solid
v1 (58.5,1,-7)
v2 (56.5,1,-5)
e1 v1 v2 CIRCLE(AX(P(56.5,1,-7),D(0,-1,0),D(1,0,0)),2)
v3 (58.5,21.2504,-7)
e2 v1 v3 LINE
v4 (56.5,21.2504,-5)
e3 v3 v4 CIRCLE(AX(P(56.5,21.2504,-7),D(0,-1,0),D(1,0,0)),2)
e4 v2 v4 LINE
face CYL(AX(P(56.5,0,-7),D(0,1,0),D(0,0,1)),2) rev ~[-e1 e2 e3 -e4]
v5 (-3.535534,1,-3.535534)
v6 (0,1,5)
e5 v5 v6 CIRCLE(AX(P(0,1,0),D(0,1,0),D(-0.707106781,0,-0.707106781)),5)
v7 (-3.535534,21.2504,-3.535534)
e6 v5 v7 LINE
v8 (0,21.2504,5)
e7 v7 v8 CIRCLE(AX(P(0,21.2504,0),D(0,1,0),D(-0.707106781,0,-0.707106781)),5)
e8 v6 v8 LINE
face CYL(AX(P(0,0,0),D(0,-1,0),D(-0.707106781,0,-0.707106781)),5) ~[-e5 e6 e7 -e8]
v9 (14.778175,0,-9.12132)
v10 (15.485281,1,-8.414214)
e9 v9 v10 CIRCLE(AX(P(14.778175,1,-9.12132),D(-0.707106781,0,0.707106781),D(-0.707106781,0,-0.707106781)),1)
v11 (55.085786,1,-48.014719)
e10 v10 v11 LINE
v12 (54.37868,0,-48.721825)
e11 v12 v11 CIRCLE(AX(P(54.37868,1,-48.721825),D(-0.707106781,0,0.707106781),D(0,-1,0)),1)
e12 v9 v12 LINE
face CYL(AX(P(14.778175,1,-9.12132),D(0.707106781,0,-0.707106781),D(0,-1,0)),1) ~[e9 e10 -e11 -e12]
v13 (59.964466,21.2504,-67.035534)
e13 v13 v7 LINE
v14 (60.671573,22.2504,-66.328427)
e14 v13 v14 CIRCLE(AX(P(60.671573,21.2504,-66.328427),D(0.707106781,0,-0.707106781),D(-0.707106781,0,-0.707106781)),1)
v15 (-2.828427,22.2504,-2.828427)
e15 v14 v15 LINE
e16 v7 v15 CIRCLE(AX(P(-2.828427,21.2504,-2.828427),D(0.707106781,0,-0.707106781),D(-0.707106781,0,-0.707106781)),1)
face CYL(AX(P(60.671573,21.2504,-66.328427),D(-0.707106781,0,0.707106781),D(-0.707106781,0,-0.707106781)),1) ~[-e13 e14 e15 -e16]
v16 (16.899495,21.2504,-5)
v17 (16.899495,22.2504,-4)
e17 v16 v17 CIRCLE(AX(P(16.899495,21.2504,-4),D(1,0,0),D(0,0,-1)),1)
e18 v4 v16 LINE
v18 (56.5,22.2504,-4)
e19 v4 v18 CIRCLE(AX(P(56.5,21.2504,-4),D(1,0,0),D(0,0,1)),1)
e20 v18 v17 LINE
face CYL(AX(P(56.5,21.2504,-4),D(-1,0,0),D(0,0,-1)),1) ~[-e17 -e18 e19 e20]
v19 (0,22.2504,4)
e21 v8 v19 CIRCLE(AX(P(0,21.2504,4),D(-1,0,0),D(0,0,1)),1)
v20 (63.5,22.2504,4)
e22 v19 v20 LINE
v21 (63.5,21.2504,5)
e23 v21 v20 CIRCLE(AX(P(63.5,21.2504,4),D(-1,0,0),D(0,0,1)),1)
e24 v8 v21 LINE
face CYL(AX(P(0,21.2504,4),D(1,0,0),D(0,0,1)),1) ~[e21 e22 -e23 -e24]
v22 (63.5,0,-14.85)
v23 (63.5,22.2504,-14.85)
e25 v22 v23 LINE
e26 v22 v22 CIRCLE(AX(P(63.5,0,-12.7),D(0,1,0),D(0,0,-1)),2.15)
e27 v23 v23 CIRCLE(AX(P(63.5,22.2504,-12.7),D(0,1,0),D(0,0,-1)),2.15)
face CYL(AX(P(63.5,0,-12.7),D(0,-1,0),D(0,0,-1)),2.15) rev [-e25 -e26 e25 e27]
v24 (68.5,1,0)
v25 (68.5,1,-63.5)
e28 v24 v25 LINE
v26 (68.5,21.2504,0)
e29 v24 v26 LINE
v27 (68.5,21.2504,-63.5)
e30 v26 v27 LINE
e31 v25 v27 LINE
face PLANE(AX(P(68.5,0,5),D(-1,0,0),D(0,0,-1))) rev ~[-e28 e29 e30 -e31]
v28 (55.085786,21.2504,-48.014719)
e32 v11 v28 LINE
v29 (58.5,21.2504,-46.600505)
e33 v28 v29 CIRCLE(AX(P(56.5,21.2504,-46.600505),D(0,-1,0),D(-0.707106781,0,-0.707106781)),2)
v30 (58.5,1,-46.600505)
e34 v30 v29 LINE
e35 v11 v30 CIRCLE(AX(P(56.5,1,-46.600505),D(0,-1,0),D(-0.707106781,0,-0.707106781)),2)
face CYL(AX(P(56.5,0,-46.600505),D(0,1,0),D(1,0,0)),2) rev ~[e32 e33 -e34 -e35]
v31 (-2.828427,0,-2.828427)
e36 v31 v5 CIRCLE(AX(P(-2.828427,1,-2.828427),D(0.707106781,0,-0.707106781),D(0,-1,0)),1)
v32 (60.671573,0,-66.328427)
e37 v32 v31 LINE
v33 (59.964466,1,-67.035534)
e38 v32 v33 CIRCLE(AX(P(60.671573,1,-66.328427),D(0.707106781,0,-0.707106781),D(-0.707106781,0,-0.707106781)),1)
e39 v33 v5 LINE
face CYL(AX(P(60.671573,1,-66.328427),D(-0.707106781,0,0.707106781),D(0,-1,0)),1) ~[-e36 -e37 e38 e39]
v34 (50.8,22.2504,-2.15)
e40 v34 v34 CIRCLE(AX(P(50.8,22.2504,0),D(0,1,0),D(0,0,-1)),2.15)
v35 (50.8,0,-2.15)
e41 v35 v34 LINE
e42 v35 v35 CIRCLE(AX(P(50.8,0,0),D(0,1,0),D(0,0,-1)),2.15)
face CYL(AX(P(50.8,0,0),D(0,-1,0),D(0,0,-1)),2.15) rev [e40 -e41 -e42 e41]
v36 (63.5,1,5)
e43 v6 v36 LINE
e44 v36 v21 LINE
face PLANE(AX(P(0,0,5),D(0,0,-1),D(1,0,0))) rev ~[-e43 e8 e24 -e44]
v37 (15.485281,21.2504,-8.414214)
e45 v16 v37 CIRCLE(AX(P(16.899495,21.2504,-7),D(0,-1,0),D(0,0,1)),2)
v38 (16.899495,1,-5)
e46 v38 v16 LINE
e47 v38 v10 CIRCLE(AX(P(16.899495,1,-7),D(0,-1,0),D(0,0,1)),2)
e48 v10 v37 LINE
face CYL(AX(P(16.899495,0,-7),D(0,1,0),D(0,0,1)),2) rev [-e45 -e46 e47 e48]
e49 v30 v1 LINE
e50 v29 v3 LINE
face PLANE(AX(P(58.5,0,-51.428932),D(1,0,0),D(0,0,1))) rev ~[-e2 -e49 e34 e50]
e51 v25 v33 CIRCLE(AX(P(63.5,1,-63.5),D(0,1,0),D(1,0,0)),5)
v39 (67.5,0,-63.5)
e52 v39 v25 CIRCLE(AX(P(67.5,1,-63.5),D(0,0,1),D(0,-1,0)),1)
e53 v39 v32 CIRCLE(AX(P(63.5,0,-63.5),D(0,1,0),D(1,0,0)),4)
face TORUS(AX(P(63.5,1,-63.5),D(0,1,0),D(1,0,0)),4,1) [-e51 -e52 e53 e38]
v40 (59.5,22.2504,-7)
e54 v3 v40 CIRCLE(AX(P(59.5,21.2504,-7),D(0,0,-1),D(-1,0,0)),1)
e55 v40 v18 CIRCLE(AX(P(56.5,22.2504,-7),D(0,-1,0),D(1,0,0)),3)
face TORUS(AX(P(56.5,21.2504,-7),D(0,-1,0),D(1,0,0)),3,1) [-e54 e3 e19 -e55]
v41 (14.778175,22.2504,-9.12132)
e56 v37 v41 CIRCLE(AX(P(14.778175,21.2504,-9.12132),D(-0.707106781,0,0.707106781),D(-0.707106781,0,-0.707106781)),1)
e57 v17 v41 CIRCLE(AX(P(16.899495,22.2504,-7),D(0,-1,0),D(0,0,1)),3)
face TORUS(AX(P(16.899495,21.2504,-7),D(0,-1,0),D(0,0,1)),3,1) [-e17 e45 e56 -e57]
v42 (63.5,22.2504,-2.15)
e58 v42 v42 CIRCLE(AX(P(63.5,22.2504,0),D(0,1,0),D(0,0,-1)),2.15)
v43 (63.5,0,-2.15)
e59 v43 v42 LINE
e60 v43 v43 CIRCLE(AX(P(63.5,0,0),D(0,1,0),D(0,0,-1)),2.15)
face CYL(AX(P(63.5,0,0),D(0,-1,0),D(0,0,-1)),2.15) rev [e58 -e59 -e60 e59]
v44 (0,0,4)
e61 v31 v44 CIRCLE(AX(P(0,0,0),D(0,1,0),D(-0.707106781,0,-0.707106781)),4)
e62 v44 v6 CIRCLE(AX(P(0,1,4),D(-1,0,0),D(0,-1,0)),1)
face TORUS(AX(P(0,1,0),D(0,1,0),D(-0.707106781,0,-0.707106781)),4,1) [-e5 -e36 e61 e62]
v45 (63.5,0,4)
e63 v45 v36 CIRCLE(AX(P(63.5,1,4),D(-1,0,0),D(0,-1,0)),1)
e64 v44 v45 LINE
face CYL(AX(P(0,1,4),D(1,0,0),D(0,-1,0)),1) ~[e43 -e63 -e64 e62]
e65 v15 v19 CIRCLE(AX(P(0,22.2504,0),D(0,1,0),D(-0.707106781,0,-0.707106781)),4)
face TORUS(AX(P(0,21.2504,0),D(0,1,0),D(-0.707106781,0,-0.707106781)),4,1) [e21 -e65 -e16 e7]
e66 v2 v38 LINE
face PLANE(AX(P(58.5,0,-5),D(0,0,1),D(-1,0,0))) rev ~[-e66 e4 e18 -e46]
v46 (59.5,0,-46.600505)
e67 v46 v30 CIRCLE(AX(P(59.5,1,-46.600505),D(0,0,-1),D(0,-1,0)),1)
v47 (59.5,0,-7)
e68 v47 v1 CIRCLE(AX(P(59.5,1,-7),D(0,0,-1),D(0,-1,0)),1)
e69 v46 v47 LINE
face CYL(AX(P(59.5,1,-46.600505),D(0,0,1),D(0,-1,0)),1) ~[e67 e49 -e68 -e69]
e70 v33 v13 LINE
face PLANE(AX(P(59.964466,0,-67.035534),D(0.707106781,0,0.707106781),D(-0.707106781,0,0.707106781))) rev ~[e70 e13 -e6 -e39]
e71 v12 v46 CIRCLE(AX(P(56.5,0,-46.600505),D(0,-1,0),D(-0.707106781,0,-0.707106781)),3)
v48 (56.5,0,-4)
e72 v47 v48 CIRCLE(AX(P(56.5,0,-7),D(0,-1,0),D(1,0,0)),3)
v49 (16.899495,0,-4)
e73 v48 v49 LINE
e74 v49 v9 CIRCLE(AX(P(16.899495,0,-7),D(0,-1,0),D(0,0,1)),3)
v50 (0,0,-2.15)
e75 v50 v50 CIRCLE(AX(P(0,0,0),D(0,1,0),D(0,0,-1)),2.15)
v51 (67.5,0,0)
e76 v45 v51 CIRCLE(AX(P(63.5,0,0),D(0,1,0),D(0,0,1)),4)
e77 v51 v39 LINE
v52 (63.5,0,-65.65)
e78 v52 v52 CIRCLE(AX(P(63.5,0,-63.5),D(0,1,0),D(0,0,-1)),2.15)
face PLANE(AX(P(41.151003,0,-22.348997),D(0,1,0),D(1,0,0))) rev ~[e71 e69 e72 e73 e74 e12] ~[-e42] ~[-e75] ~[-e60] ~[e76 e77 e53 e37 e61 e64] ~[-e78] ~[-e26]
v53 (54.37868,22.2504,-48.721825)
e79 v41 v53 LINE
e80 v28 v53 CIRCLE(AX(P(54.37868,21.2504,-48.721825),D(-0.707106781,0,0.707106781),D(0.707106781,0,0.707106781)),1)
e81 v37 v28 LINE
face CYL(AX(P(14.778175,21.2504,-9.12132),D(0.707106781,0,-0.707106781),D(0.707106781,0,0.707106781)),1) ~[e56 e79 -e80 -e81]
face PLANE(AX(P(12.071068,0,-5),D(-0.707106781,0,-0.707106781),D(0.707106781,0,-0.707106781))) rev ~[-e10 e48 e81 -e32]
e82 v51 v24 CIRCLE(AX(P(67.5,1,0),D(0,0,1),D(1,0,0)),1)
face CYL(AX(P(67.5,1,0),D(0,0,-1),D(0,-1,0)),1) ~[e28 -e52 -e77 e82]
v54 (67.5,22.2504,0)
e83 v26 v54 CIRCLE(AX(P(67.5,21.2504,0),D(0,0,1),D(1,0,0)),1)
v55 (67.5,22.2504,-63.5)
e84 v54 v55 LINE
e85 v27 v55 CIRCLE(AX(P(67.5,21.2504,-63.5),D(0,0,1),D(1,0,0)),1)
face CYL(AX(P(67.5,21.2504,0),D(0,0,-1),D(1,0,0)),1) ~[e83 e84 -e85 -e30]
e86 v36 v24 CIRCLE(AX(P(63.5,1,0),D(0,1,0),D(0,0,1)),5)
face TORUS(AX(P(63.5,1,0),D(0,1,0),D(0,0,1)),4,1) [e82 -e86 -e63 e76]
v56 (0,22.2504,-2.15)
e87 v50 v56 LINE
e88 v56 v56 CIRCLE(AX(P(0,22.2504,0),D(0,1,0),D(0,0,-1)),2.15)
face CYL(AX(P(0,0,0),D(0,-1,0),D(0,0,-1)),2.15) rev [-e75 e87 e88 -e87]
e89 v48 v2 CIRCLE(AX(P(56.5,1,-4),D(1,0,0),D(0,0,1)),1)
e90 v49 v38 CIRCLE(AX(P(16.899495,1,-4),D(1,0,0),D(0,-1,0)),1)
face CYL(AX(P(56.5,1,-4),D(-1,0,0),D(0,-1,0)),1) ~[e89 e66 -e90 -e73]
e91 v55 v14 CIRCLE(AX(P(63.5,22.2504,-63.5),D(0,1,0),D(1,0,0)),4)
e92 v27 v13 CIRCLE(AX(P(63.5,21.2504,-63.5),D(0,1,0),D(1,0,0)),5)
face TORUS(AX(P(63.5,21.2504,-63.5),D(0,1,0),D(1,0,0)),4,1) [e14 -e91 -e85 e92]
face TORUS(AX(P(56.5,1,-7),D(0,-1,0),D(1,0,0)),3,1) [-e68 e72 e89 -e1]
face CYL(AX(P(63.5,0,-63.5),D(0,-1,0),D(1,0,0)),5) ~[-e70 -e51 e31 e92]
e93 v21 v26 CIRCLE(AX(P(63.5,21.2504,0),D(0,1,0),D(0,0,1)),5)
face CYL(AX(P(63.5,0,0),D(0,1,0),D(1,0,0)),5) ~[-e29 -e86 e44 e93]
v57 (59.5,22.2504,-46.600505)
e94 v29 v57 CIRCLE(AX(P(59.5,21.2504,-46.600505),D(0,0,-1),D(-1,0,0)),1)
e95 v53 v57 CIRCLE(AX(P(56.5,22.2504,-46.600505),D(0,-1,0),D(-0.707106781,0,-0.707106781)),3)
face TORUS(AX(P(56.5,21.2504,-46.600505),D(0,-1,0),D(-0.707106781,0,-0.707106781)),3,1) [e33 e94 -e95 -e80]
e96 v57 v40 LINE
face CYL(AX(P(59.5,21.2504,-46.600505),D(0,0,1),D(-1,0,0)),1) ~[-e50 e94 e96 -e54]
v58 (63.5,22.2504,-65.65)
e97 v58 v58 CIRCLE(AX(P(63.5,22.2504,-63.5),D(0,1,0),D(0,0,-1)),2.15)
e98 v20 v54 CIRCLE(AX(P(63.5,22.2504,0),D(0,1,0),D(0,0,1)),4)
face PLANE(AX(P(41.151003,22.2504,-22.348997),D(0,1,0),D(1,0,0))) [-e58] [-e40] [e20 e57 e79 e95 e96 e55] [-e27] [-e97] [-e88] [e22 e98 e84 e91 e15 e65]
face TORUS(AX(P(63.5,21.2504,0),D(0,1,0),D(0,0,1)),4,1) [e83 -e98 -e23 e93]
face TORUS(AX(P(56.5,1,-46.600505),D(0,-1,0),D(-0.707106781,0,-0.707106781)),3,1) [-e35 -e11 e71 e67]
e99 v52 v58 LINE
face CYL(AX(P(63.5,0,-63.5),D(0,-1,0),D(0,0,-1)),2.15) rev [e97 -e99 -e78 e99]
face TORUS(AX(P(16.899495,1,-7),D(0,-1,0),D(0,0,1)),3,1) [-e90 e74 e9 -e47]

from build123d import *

# Parameters (mm, degrees)
SKETCH1_R           = 2.15
BOSS_EXTRUDE1_DEPTH = 22.2504
FILLET1_R           = 5
FILLET2_R           = 2
FILLET3_R           = 1


with BuildPart() as part:
    # Sketch1 → Boss-Extrude1 (new body)
    with BuildSketch(Plane(origin=(0, 0, 0), x_dir=(1, 0, 0), z_dir=(0, 1, 0))):
        with BuildLine():
            Line((59.964466094, 67.035533906), (-3.535533906, 3.535533906))
            ThreePointArc((-3.535533906, 3.535533906), (-4.619397663, -1.913417162), (0, -5))
            Line((0, -5), (68.5, -5))
            Line((68.5, -5), (68.5, 63.5))
            ThreePointArc((68.5, 63.5), (65.413417162, 68.119397663), (59.964466094, 67.035533906))
        make_face()
        Polygon((12.071067812, 5), (58.5, 51.428932188), (58.5, 5), align=None, mode=Mode.SUBTRACT)
        with Locations(Location((0, 0, 0), (0, 0, 90))):
            Circle(SKETCH1_R, mode=Mode.SUBTRACT)
        with Locations(Location((63.5, 63.5, 0), (0, 0, 90))):
            Circle(SKETCH1_R, mode=Mode.SUBTRACT)
        with Locations(Location((50.8, 0, 0), (0, 0, 90))):
            Circle(SKETCH1_R, mode=Mode.SUBTRACT)
        with Locations(Location((63.5, 0, 0), (0, 0, 90))):
            Circle(SKETCH1_R, mode=Mode.SUBTRACT)
        with Locations(Location((63.5, 12.7, 0), (0, 0, 90))):
            Circle(SKETCH1_R, mode=Mode.SUBTRACT)
    extrude(amount=BOSS_EXTRUDE1_DEPTH)

    # Fillet1
    fillet1_edges = [part.edges().sort_by_distance(p)[0] for p in [
        (68.5, 11.1252, 5),
    ]]
    fillet(fillet1_edges, radius=FILLET1_R)

    # Fillet2
    fillet2_edges = [part.edges().sort_by_distance(p)[0] for p in [
        (58.5, 11.1252, -5),
        (58.5, 11.1252, -51.428932188),
        (12.071067812, 11.1252, -5),
    ]]
    fillet(fillet2_edges, radius=FILLET2_R)

    # Fillet3
    fillet3_edges = [part.edges().sort_by_distance(p)[0] for p in [
        (68.5, 22.2504, -31.75),
        (65.413417162, 22.2504, -68.119397663),
        (31.75, 0, 5),
        (-4.619397663, 0, 1.913417162),
        (28.214466094, 22.2504, -35.285533906),
        (28.214466094, 0, -35.285533906),
        (65.413417162, 0, -68.119397663),
        (68.5, 0, -31.75),
        (-4.619397663, 22.2504, 1.913417162),
        (31.75, 22.2504, 5),
        (67.035533906, 0, 3.535533906),
        (67.035533906, 22.2504, 3.535533906),
        (58.5, 0, -26.800252532),
        (58.5, 22.2504, -26.800252532),
        (35.285533906, 0, -28.214466094),
        (35.285533906, 22.2504, -28.214466094),
        (36.699747468, 0, -5),
        (36.699747468, 22.2504, -5),
        (57.265366865, 0, -48.448264128),
        (57.265366865, 22.2504, -48.448264128),
        (57.914213562, 0, -5.585786438),
        (57.914213562, 22.2504, -5.585786438),
        (15.051735872, 0, -6.234633135),
        (15.051735872, 22.2504, -6.234633135),
    ]]
    fillet(fillet3_edges, radius=FILLET3_R)


solid = part.part
